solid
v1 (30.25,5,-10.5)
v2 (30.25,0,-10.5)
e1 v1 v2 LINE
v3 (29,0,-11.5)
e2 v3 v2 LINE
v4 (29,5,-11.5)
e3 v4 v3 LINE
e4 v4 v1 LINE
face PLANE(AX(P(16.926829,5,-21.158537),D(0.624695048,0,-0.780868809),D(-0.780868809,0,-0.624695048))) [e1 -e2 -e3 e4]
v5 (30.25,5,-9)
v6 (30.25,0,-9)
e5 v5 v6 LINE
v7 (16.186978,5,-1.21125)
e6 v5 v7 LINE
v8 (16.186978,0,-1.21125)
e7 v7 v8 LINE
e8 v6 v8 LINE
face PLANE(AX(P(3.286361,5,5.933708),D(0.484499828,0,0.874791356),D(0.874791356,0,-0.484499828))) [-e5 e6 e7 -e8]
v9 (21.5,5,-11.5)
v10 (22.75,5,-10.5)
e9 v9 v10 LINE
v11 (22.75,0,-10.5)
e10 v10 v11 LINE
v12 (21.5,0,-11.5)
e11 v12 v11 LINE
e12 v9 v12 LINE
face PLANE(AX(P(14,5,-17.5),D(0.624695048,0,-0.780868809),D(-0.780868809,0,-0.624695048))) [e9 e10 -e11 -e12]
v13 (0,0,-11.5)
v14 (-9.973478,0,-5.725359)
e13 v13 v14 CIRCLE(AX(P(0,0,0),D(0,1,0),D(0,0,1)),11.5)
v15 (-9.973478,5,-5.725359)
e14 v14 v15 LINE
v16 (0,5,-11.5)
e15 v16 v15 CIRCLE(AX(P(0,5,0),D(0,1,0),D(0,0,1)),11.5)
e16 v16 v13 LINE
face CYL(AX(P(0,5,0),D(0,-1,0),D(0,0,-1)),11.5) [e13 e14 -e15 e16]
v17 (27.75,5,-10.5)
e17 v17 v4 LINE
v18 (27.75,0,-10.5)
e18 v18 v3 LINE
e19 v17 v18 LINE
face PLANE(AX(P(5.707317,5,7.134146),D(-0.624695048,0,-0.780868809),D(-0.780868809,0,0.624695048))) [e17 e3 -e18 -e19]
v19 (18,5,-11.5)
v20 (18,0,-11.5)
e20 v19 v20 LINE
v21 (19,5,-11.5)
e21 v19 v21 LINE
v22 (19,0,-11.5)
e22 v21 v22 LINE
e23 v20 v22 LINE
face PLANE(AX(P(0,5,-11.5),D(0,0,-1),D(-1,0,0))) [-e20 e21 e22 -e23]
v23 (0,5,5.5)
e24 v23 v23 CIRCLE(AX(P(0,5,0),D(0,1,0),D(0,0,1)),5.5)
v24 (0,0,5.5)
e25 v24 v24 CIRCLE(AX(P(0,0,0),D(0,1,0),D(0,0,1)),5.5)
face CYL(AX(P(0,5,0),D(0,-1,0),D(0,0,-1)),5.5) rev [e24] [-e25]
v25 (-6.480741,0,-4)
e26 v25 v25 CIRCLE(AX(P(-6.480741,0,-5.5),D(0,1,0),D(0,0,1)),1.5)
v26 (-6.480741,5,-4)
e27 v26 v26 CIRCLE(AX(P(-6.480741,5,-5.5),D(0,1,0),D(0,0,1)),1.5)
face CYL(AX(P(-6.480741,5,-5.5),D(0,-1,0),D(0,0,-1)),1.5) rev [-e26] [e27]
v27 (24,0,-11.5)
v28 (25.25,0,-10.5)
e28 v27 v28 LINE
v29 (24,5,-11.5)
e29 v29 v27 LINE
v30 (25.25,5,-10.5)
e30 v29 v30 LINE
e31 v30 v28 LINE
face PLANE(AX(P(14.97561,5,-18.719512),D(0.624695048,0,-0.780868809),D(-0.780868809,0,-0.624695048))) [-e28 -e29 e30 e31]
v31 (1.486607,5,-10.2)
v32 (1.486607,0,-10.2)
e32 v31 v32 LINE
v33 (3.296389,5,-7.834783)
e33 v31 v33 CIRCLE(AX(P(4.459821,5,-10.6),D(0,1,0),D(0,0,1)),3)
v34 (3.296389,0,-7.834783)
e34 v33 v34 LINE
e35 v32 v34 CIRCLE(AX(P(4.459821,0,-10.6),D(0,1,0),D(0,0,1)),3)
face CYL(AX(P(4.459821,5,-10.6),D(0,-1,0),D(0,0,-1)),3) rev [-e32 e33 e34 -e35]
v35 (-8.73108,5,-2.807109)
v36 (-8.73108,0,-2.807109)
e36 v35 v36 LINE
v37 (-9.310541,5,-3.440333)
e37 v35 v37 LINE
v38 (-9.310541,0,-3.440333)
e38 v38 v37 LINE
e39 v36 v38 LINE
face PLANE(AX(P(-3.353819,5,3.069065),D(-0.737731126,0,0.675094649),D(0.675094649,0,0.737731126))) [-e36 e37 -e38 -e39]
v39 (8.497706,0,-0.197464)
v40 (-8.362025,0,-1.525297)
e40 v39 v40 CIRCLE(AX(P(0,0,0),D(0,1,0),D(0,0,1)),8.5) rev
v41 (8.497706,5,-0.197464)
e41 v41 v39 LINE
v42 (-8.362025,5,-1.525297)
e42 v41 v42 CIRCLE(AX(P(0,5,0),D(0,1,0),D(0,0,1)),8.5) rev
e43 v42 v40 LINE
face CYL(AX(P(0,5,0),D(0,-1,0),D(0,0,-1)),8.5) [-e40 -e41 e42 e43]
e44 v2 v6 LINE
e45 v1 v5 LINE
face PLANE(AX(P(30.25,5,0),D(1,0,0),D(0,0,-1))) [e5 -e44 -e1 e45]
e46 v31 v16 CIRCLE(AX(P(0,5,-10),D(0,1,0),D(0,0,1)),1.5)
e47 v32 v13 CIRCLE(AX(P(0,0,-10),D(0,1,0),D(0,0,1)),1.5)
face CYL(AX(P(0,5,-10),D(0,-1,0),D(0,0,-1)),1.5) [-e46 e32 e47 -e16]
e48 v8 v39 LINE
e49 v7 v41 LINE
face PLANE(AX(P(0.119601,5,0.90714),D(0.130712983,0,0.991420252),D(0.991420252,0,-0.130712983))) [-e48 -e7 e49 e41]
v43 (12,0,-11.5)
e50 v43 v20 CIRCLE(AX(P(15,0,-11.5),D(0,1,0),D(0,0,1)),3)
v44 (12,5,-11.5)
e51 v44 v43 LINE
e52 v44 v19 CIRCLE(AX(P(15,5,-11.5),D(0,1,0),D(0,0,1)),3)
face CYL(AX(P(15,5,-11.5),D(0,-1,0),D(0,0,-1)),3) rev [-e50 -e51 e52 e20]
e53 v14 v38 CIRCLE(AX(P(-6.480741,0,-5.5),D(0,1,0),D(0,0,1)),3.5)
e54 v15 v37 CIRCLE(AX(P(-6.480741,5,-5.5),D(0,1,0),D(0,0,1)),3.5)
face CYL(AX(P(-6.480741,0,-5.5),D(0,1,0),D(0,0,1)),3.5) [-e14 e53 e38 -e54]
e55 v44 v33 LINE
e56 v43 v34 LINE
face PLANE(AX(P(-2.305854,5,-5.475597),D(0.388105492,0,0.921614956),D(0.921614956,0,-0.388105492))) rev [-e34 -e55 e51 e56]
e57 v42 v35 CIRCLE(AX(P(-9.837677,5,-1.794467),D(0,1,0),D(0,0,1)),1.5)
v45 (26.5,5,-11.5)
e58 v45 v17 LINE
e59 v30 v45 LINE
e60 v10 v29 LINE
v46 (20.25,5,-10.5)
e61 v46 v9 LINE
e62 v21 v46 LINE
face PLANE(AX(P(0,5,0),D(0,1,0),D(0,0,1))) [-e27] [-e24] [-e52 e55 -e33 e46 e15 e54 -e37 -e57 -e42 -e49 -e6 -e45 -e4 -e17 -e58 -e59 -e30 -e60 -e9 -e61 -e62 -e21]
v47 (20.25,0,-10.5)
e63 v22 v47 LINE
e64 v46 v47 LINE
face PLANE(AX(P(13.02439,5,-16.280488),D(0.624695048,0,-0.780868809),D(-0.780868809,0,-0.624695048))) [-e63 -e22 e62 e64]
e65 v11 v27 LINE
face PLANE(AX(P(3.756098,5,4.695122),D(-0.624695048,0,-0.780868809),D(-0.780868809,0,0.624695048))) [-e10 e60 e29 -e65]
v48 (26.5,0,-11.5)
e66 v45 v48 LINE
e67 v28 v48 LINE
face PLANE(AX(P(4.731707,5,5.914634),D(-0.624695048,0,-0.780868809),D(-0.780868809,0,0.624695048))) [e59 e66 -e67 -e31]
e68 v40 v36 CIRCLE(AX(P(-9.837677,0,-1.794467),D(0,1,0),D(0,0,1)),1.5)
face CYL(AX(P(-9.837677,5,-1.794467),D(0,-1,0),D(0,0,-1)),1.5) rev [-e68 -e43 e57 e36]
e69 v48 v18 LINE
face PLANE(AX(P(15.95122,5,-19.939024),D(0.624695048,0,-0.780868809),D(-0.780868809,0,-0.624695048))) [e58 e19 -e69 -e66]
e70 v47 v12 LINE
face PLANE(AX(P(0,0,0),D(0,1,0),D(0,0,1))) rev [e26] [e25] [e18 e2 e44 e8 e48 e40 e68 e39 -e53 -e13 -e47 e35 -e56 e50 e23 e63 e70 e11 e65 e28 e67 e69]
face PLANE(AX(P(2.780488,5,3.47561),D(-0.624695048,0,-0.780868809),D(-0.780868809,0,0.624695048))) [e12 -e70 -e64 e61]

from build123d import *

# Parameters (mm, degrees)
SKETCH_1_R          = 5.5
SKETCH_1_R_2        = 1.5
EXTRUDE_2_DEPTH     = 5
CUT_EXTRUDE_1_DEPTH = 33.746182984


with BuildPart() as part:
    # Эскиз1 → Бобышка-Вытянуть2 (new body)
    with BuildSketch(Plane(origin=(0, 0, 0), x_dir=(1, 0, 0), z_dir=(0, 1, 0))):
        with BuildLine():
            ThreePointArc((-8.362025498, 1.525296552), (-0.667373394, -8.473760249), (8.497706046, 0.197463815))
            Line((8.497706046, 0.197463815), (16.18697839, 1.21124957))
            Line((16.18697839, 1.21124957), (30.25, 9))
            Line((30.25, 9), (30.25, 10.5))
            Line((30.25, 10.5), (29, 11.5))
            Line((29, 11.5), (27.75, 10.5))
            Line((27.75, 10.5), (26.5, 11.5))
            Line((26.5, 11.5), (25.25, 10.5))
            Line((25.25, 10.5), (24, 11.5))
            Line((24, 11.5), (22.75, 10.5))
            Line((22.75, 10.5), (21.5, 11.5))
            Line((21.5, 11.5), (20.25, 10.5))
            Line((20.25, 10.5), (19, 11.5))
            Line((19, 11.5), (18, 11.5))
            ThreePointArc((18, 11.5), (15, 8.5), (12, 11.5))
            Line((12, 11.5), (3.296389157, 7.834782609))
            ThreePointArc((3.296389157, 7.834782609), (2.077275401, 8.776959062), (1.486606875, 10.2))
            ThreePointArc((1.486606875, 10.2), (0.987420883, 11.129158979), (0, 11.5))
            ThreePointArc((0, 11.5), (-6.242051456, 9.658508871), (-10.485027716, 4.723790195))
            Line((-10.485027716, 4.723790195), (-8.731080367, 2.807108505))
            ThreePointArc((-8.731080367, 2.807108505), (-8.396232651, 2.209482225), (-8.362025498, 1.525296552))
        make_face()
        with Locations(Location((0, 0, 0), (0, 0, 270))):
            Circle(SKETCH_1_R, mode=Mode.SUBTRACT)
        with Locations(Location((-6.480740698, 5.5, 0), (0, 0, 270))):
            Circle(SKETCH_1_R_2, mode=Mode.SUBTRACT)
    extrude(amount=EXTRUDE_2_DEPTH)

    # Эскиз2 → Вырез-Вытянуть1 (cut, through all)
    with BuildSketch(Plane(origin=(0, 5, 0), x_dir=(1, 0, 0), z_dir=(0, 1, 0))):
        with BuildLine():
            ThreePointArc((-9.310541114, 3.440332646), (-9.842132841, 4.524785735), (-9.973477908, 5.72535924))
            ThreePointArc((-9.973477908, 5.72535924), (-10.241503709, 5.230831844), (-10.485027716, 4.723790195))
            Line((-10.485027716, 4.723790195), (-9.310541114, 3.440332646))
        make_face()
    extrude(amount=-CUT_EXTRUDE_1_DEPTH, mode=Mode.SUBTRACT)


solid = part.part
